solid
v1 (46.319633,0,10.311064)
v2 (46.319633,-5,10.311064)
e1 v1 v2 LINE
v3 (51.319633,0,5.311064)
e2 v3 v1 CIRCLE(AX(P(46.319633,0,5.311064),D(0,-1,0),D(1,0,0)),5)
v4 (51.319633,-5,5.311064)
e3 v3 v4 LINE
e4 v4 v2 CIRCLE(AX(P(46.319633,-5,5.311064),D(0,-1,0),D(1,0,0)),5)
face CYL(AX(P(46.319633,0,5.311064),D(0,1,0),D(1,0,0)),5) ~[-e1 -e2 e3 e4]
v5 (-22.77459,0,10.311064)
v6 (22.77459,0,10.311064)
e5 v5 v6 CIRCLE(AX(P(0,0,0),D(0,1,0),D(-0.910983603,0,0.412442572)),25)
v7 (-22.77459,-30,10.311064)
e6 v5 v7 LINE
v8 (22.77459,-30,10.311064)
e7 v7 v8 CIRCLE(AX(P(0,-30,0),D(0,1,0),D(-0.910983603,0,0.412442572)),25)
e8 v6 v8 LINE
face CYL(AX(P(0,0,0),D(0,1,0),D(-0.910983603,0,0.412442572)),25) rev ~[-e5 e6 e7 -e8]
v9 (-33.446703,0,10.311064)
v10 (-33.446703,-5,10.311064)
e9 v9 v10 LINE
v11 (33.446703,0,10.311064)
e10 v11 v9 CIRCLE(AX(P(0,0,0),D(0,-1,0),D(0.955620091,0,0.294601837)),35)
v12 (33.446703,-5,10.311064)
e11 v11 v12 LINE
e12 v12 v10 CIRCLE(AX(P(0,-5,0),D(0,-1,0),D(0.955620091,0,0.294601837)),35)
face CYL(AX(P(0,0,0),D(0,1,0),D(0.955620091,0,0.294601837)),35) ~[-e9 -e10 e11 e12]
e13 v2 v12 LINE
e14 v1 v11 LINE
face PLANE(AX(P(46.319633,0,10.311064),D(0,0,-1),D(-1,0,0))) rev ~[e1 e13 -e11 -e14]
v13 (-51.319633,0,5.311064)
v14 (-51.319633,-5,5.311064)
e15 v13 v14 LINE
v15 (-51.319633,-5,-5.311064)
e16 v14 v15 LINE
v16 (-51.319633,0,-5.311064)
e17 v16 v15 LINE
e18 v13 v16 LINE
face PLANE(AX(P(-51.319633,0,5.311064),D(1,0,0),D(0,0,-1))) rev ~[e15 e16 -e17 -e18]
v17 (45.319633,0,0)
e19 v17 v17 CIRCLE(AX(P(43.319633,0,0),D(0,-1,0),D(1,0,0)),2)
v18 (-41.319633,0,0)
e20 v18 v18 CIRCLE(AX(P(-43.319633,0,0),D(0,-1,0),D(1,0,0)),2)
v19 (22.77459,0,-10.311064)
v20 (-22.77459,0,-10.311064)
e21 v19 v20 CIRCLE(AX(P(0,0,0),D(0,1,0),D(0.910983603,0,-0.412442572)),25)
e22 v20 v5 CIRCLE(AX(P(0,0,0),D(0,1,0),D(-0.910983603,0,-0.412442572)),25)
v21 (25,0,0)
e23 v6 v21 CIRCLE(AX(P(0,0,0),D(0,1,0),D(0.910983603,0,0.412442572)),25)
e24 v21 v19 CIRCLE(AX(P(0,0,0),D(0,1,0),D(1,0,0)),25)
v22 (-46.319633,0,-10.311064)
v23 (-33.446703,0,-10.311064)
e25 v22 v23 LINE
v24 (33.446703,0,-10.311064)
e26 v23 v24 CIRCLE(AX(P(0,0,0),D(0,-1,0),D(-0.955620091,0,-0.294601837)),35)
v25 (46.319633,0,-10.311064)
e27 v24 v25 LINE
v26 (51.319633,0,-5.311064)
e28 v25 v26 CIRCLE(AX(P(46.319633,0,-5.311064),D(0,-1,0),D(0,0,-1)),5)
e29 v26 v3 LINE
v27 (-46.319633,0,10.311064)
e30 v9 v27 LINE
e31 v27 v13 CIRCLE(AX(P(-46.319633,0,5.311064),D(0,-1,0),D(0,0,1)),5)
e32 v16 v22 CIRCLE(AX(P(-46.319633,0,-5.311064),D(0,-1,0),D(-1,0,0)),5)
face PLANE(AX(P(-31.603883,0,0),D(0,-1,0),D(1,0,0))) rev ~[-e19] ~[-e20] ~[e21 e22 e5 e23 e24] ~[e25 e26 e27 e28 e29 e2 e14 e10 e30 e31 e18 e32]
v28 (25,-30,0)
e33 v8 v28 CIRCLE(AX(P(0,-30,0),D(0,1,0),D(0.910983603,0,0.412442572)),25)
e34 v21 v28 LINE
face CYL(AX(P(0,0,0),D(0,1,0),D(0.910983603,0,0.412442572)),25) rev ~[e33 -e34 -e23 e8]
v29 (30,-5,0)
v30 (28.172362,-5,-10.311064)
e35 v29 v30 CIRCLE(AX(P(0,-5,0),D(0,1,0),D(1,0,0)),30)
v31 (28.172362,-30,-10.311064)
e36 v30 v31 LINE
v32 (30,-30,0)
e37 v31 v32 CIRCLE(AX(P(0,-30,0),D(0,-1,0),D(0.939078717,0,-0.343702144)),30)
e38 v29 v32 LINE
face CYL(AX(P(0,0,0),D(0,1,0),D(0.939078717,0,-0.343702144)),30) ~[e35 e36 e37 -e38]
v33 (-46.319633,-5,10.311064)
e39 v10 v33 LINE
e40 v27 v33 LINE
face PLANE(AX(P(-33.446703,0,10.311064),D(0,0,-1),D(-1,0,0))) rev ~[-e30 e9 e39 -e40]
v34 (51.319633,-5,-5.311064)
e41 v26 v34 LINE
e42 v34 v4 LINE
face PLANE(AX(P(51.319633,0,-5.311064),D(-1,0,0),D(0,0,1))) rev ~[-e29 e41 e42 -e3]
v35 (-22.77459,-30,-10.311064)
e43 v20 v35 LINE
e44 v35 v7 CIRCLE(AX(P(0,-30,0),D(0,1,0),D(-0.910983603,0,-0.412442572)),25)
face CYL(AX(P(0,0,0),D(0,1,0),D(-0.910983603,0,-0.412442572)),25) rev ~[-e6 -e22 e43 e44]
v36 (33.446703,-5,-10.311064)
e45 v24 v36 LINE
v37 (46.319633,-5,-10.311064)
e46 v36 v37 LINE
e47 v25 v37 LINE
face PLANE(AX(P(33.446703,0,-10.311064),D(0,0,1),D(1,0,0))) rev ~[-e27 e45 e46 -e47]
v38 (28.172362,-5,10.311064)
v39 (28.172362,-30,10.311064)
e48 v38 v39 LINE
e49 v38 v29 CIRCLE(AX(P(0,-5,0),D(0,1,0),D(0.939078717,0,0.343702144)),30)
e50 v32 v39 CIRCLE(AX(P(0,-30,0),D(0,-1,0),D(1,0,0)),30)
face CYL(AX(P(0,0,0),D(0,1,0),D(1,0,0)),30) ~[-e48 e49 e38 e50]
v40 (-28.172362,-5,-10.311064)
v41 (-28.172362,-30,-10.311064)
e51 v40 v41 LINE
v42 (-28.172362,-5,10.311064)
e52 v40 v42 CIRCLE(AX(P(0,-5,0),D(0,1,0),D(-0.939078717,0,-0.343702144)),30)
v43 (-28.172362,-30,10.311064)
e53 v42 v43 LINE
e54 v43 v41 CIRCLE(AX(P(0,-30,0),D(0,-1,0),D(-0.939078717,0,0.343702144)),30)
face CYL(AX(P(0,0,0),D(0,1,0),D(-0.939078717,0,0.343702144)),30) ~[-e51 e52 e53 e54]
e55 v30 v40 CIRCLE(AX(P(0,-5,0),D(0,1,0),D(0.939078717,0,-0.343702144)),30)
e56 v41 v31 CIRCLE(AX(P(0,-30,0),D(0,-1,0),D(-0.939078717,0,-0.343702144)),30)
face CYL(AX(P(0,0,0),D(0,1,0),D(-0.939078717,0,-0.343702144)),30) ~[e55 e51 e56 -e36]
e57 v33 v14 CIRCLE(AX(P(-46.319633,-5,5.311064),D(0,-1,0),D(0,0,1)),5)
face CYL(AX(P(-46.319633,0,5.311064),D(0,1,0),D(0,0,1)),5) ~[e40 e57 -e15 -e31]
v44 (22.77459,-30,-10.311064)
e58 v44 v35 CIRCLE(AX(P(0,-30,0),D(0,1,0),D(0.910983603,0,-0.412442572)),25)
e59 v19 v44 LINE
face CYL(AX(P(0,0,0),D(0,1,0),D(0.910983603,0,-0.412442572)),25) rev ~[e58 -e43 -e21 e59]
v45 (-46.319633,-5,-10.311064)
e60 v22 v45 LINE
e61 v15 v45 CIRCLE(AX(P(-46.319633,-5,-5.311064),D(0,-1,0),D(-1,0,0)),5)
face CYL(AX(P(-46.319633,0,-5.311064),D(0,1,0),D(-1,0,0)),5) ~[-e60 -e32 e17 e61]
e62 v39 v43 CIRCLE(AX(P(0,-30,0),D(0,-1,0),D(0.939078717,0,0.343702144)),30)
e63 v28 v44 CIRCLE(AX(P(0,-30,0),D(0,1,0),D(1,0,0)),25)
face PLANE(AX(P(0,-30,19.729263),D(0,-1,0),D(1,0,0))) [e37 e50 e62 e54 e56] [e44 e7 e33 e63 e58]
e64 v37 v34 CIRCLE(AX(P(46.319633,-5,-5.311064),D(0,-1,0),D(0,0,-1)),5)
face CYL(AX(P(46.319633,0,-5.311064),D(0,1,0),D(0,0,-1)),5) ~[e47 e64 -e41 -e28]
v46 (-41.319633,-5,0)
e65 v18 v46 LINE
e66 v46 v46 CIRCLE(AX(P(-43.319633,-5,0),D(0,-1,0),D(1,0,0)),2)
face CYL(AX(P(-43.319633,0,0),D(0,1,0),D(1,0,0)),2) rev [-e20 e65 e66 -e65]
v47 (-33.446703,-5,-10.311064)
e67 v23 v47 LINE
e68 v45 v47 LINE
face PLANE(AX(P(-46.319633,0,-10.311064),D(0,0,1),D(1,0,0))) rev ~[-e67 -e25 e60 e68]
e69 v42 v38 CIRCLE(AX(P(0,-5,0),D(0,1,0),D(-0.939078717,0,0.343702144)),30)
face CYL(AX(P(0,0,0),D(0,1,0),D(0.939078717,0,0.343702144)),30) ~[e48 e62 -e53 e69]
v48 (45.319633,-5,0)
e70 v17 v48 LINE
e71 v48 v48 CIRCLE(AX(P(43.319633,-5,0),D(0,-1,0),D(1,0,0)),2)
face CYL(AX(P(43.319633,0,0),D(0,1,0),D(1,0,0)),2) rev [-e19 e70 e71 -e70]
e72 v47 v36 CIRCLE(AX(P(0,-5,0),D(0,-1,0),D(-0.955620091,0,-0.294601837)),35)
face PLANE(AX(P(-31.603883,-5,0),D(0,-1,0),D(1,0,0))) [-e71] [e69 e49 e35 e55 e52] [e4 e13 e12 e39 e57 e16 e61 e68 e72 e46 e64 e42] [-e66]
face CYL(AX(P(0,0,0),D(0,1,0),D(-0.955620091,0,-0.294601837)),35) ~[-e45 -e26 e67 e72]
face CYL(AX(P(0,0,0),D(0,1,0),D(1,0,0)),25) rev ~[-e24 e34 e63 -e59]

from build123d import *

# Parameters (mm, degrees)
F1_DEPTH = 30
F0_R     = 2
F2_DEPTH = 5


with BuildPart() as f1:
    # F0 (on Front) → F1 (new body)
    with BuildSketch(Plane.XZ):
        with BuildLine():
            ThreePointArc((-22.7745900685, 10.3110643104), (0, 25), (22.7745900685, 10.3110643104))
            Line((22.7745900685, 10.3110643104), (28.1723615053, 10.3110643104))
            ThreePointArc((28.1723615053, 10.3110643104), (0, 30), (-28.1723615053, 10.3110643104))
            Line((-28.1723615053, 10.3110643104), (-22.7745900685, 10.3110643104))
        make_face()
        with BuildLine():
            Line((28.1723615053, -10.3110643104), (22.7745900685, -10.3110643104))
            ThreePointArc((22.7745900685, -10.3110643104), (0, -25), (-22.7745900685, -10.3110643104))
            Line((-22.7745900685, -10.3110643104), (-28.1723615053, -10.3110643104))
            ThreePointArc((-28.1723615053, -10.3110643104), (0, -30), (28.1723615053, -10.3110643104))
        make_face()
        with BuildLine():
            ThreePointArc((-22.7745900685, -10.3110643104), (-25, 0), (-22.7745900685, 10.3110643104))
            Line((-22.7745900685, 10.3110643104), (-28.1723615053, 10.3110643104))
            ThreePointArc((-28.1723615053, 10.3110643104), (-30, 0), (-28.1723615053, -10.3110643104))
            Line((-28.1723615053, -10.3110643104), (-22.7745900685, -10.3110643104))
        make_face()
        with BuildLine():
            ThreePointArc((22.7745900685, 10.3110643104), (24.4373152342, 5.2742415705), (25, 0))
            ThreePointArc((25, 0), (24.4373152342, -5.2742415705), (22.7745900685, -10.3110643104))
            Line((22.7745900685, -10.3110643104), (28.1723615053, -10.3110643104))
            ThreePointArc((28.1723615053, -10.3110643104), (29.5395569124, -5.2358931826), (30, 0))
            ThreePointArc((30, 0), (29.5395569124, 5.2358931826), (28.1723615053, 10.3110643104))
            Line((28.1723615053, 10.3110643104), (22.7745900685, 10.3110643104))
        make_face()
    extrude(amount=F1_DEPTH)

    # F0 (on Front) → F2 (join)
    with BuildSketch(Plane.XZ):
        with BuildLine():
            ThreePointArc((-28.1723615053, -10.3110643104), (-30, 0), (-28.1723615053, 10.3110643104))
            Line((-28.1723615053, 10.3110643104), (-33.4467031677, 10.3110643104))
            ThreePointArc((-33.4467031677, 10.3110643104), (-35, 0), (-33.4467031677, -10.3110643104))
            Line((-33.4467031677, -10.3110643104), (-28.1723615053, -10.3110643104))
        make_face()
        with BuildLine():
            ThreePointArc((-28.1723615053, 10.3110643104), (0, 30), (28.1723615053, 10.3110643104))
            Line((28.1723615053, 10.3110643104), (33.4467031677, 10.3110643104))
            ThreePointArc((33.4467031677, 10.3110643104), (0, 35), (-33.4467031677, 10.3110643104))
            Line((-33.4467031677, 10.3110643104), (-28.1723615053, 10.3110643104))
        make_face()
        with BuildLine():
            Line((33.4467031677, 10.3110643104), (28.1723615053, 10.3110643104))
            ThreePointArc((28.1723615053, 10.3110643104), (29.5395569124, 5.2358931826), (30, 0))
            ThreePointArc((30, 0), (29.5395569124, -5.2358931826), (28.1723615053, -10.3110643104))
            Line((28.1723615053, -10.3110643104), (33.4467031677, -10.3110643104))
            ThreePointArc((33.4467031677, -10.3110643104), (34.60949733, -5.2137025774), (35, 0))
            ThreePointArc((35, 0), (34.60949733, 5.2137025774), (33.4467031677, 10.3110643104))
        make_face()
        with BuildLine():
            Line((33.4467031677, -10.3110643104), (28.1723615053, -10.3110643104))
            ThreePointArc((28.1723615053, -10.3110643104), (0, -30), (-28.1723615053, -10.3110643104))
            Line((-28.1723615053, -10.3110643104), (-33.4467031677, -10.3110643104))
            ThreePointArc((-33.4467031677, -10.3110643104), (0, -35), (33.4467031677, -10.3110643104))
        make_face()
        with BuildLine():
            ThreePointArc((-33.4467031677, -10.3110643104), (-35, 0), (-33.4467031677, 10.3110643104))
            Line((-33.4467031677, 10.3110643104), (-46.3196326792, 10.3110643104))
            ThreePointArc((-46.3196326792, 10.3110643104), (-49.8551665852, 8.8465982163), (-51.3196326792, 5.3110643104))
            Line((-51.3196326792, 5.3110643104), (-51.3196326792, -5.3110643104))
            ThreePointArc((-51.3196326792, -5.3110643104), (-49.8551665852, -8.8465982163), (-46.3196326792, -10.3110643104))
            Line((-46.3196326792, -10.3110643104), (-33.4467031677, -10.3110643104))
        make_face()
        with Locations((-43.3196326792, 0)):
            Circle(F0_R, mode=Mode.SUBTRACT)
        with BuildLine():
            Line((46.3196326792, 10.3110643104), (33.4467031677, 10.3110643104))
            ThreePointArc((33.4467031677, 10.3110643104), (34.60949733, 5.2137025774), (35, 0))
            ThreePointArc((35, 0), (34.60949733, -5.2137025774), (33.4467031677, -10.3110643104))
            Line((33.4467031677, -10.3110643104), (46.3196326792, -10.3110643104))
            ThreePointArc((46.3196326792, -10.3110643104), (49.8551665852, -8.8465982163), (51.3196326792, -5.3110643104))
            Line((51.3196326792, -5.3110643104), (51.3196326792, 5.3110643104))
            ThreePointArc((51.3196326792, 5.3110643104), (49.8551665852, 8.8465982163), (46.3196326792, 10.3110643104))
        make_face()
        with Locations((43.3196326792, 0)):
            Circle(F0_R, mode=Mode.SUBTRACT)
    extrude(amount=F2_DEPTH)


solid = f1.part
